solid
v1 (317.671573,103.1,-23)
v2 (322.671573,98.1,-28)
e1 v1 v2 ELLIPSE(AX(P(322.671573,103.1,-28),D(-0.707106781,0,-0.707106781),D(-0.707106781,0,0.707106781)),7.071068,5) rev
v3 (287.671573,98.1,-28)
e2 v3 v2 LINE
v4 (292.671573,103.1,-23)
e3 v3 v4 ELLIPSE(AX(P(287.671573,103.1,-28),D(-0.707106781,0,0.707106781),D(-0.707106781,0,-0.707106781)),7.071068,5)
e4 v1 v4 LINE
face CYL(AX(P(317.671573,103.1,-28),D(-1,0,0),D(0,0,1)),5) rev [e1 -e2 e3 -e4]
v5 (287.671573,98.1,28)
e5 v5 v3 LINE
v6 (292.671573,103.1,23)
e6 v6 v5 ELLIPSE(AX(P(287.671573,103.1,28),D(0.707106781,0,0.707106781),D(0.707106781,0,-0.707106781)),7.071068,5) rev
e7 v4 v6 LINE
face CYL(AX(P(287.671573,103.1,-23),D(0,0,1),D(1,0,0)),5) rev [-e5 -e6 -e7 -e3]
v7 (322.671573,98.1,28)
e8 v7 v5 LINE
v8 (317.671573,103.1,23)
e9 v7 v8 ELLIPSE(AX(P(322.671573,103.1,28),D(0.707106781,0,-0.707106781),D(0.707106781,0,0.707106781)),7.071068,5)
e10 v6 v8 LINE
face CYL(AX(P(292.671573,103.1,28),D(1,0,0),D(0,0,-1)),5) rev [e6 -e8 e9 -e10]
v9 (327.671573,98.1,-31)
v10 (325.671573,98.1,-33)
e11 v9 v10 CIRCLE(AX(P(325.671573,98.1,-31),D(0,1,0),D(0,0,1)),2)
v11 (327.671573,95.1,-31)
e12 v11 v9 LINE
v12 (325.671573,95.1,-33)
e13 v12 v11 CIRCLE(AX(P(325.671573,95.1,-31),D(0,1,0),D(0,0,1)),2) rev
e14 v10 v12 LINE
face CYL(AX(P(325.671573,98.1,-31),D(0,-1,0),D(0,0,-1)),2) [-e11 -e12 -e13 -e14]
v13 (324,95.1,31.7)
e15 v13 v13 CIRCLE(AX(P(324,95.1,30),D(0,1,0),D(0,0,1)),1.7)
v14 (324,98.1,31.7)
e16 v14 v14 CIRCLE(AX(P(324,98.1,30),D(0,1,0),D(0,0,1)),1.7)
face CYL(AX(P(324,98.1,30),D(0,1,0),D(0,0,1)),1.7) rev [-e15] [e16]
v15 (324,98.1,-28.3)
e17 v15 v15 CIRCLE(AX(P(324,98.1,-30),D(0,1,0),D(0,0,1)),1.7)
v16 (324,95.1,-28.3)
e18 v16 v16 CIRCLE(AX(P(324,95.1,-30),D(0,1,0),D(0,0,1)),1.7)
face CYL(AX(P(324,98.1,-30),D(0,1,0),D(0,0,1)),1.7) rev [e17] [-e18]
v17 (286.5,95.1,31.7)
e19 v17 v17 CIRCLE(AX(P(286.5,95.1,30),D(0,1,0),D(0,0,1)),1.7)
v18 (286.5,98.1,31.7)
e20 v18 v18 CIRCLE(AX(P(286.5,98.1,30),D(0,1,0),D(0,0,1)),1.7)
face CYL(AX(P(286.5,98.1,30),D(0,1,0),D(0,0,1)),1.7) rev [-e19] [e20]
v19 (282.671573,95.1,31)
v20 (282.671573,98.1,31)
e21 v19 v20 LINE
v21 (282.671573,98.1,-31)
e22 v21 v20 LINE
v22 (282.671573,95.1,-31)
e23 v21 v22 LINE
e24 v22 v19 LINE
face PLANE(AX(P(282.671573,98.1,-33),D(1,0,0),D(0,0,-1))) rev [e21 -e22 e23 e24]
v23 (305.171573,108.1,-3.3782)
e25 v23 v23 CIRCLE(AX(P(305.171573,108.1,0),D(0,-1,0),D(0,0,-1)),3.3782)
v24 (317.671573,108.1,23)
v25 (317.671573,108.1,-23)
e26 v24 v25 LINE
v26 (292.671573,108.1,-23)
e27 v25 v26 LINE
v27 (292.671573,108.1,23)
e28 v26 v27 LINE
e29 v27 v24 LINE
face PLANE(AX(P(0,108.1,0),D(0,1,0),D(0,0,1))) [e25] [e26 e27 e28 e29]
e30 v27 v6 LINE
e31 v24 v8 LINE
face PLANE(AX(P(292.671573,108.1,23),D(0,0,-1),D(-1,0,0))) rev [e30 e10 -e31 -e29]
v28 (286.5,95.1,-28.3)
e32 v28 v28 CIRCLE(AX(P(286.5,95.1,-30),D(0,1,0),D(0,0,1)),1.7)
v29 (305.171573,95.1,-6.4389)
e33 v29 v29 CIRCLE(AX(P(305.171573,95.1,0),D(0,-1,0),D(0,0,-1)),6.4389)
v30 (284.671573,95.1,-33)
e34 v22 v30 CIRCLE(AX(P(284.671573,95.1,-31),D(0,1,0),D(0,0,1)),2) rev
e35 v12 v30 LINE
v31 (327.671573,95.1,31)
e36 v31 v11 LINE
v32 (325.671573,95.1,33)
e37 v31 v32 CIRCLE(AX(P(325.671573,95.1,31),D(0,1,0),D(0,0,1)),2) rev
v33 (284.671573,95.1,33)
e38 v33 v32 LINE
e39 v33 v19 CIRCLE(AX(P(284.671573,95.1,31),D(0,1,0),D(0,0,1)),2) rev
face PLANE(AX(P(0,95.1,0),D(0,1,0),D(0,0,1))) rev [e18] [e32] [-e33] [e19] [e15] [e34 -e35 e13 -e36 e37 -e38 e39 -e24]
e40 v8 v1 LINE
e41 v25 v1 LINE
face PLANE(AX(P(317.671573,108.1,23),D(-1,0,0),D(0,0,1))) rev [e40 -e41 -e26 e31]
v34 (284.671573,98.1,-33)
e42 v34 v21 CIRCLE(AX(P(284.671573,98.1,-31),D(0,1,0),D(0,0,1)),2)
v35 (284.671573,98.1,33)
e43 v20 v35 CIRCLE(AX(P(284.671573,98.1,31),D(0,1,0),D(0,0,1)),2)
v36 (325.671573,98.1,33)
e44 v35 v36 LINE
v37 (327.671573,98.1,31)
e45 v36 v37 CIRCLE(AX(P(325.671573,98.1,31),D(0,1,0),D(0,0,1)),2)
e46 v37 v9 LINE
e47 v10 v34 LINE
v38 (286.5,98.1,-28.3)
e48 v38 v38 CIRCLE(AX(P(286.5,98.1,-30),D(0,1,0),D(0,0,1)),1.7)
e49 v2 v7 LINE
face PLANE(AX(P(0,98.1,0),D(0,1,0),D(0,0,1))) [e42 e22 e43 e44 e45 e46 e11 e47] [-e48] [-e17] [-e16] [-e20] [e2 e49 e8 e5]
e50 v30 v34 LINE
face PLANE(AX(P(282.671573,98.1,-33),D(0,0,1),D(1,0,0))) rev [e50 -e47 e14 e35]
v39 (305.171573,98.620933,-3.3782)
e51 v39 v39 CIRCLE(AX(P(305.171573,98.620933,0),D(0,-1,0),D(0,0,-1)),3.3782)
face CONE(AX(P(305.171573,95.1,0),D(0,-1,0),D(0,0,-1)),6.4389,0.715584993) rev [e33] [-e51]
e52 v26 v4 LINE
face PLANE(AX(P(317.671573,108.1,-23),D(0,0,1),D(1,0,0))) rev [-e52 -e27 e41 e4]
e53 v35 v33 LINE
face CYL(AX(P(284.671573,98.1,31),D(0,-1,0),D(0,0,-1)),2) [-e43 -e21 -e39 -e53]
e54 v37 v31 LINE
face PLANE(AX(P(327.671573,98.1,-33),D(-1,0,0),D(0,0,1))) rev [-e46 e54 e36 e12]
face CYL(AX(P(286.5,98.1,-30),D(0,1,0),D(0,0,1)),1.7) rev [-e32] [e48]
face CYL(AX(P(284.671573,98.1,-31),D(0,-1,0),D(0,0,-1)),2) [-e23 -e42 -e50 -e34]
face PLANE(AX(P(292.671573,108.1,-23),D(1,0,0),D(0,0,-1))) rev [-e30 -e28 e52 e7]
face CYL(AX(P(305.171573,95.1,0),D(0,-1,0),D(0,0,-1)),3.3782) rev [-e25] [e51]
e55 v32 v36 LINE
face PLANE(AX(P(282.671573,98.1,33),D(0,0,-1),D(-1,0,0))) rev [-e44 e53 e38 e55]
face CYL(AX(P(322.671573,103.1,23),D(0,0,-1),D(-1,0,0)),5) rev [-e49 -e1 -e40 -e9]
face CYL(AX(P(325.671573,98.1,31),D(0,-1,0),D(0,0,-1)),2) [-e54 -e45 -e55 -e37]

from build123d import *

# Parameters (mm, degrees)
CROQUIS1_W                                           = 45
CROQUIS1_H                                           = 66
SALIENTE_EXTRUIR1_DEPTH                              = 3
REDONDEO1_R                                          = 2
CROQUIS2_W                                           = 25
CROQUIS2_H                                           = 46
SALIENTE_EXTRUIR2_DEPTH                              = 10
REDONDEO2_R                                          = 5
REDONDEO3_R                                          = 5
AVELLANADO_PARA_TORNILLO_CON_CABEZA_OVAL_D           = 6.7564
AVELLANADO_PARA_TORNILLO_CON_CABEZA_OVAL_CSINK_D     = 12.8778
AVELLANADO_PARA_TORNILLO_CON_CABEZA_OVAL_CSINK_ANGLE = 82
TALADRO_DE_MARGEN_PARA_M31_D                         = 3.4


with BuildPart() as part:
    # Croquis1 → Saliente-Extruir1 (new body)
    with BuildSketch(Plane(origin=(0, 95.1, 0), x_dir=(1, 0, 0), z_dir=(0, 1, 0))):
        with Locations((305.171572875, 0)):
            Rectangle(CROQUIS1_W, CROQUIS1_H)
        with BuildLine():
            ThreePointArc((323.15, 30), (324, 29.15), (324.85, 30))
            ThreePointArc((324.85, 30), (324, 30.85), (323.15, 30))
        make_face(mode=Mode.SUBTRACT)
        with BuildLine():
            ThreePointArc((285.65, 30), (286.5, 29.15), (287.35, 30))
            ThreePointArc((287.35, 30), (286.5, 30.85), (285.65, 30))
        make_face(mode=Mode.SUBTRACT)
        with BuildLine():
            ThreePointArc((285.65, -30), (286.5, -30.85), (287.35, -30))
            ThreePointArc((287.35, -30), (286.5, -29.15), (285.65, -30))
        make_face(mode=Mode.SUBTRACT)
        with BuildLine():
            ThreePointArc((323.15, -30), (324, -30.85), (324.85, -30))
            ThreePointArc((324.85, -30), (324, -29.15), (323.15, -30))
        make_face(mode=Mode.SUBTRACT)
    extrude(amount=SALIENTE_EXTRUIR1_DEPTH)

    # Redondeo1
    redondeo1_edges = [part.edges().sort_by_distance(p)[0] for p in [
        (282.671572875, 96.6, -33),
        (327.671572875, 96.6, -33),
        (327.671572875, 96.6, 33),
        (282.671572875, 96.6, 33),
    ]]
    fillet(redondeo1_edges, radius=REDONDEO1_R)

    # Croquis2 → Saliente-Extruir2 (add)
    with BuildSketch(Plane(origin=(0, 98.1, 0), x_dir=(1, 0, 0), z_dir=(0, 1, 0))):
        with Locations((305.171572875, 0)):
            Rectangle(CROQUIS2_W, CROQUIS2_H)
    extrude(amount=SALIENTE_EXTRUIR2_DEPTH)

    # Redondeo2
    redondeo2_edges = [part.edges().sort_by_distance(p)[0] for p in [
        (305.171572875, 98.1, -23),
        (305.171572875, 98.1, 23),
    ]]
    fillet(redondeo2_edges, radius=REDONDEO2_R)

    # Redondeo3
    redondeo3_edges = [part.edges().sort_by_distance(p)[0] for p in [
        (292.671572875, 98.1, 0),
        (317.671572875, 98.1, 0),
    ]]
    fillet(redondeo3_edges, radius=REDONDEO3_R)

    # Avellanado para tornillo con cabeza ovalada de 1/41 (through all)
    with Locations(Plane(origin=(0, 95.1, 0), x_dir=(-1, 0, 0), z_dir=(0, -1, 0))):
        with Locations((-305.171572875, 0)):
            CounterSinkHole(AVELLANADO_PARA_TORNILLO_CON_CABEZA_OVAL_D / 2, AVELLANADO_PARA_TORNILLO_CON_CABEZA_OVAL_CSINK_D / 2, counter_sink_angle=AVELLANADO_PARA_TORNILLO_CON_CABEZA_OVAL_CSINK_ANGLE)

    # Taladro de margen para M31 (through all)
    with Locations(Plane(origin=(0, 98.1, 0), x_dir=(1, 0, 0), z_dir=(0, 1, 0))):
        with Locations((324, -30), (286.5, -30), (324, 30), (286.5, 30)):
            Hole(TALADRO_DE_MARGEN_PARA_M31_D / 2)


solid = part.part
